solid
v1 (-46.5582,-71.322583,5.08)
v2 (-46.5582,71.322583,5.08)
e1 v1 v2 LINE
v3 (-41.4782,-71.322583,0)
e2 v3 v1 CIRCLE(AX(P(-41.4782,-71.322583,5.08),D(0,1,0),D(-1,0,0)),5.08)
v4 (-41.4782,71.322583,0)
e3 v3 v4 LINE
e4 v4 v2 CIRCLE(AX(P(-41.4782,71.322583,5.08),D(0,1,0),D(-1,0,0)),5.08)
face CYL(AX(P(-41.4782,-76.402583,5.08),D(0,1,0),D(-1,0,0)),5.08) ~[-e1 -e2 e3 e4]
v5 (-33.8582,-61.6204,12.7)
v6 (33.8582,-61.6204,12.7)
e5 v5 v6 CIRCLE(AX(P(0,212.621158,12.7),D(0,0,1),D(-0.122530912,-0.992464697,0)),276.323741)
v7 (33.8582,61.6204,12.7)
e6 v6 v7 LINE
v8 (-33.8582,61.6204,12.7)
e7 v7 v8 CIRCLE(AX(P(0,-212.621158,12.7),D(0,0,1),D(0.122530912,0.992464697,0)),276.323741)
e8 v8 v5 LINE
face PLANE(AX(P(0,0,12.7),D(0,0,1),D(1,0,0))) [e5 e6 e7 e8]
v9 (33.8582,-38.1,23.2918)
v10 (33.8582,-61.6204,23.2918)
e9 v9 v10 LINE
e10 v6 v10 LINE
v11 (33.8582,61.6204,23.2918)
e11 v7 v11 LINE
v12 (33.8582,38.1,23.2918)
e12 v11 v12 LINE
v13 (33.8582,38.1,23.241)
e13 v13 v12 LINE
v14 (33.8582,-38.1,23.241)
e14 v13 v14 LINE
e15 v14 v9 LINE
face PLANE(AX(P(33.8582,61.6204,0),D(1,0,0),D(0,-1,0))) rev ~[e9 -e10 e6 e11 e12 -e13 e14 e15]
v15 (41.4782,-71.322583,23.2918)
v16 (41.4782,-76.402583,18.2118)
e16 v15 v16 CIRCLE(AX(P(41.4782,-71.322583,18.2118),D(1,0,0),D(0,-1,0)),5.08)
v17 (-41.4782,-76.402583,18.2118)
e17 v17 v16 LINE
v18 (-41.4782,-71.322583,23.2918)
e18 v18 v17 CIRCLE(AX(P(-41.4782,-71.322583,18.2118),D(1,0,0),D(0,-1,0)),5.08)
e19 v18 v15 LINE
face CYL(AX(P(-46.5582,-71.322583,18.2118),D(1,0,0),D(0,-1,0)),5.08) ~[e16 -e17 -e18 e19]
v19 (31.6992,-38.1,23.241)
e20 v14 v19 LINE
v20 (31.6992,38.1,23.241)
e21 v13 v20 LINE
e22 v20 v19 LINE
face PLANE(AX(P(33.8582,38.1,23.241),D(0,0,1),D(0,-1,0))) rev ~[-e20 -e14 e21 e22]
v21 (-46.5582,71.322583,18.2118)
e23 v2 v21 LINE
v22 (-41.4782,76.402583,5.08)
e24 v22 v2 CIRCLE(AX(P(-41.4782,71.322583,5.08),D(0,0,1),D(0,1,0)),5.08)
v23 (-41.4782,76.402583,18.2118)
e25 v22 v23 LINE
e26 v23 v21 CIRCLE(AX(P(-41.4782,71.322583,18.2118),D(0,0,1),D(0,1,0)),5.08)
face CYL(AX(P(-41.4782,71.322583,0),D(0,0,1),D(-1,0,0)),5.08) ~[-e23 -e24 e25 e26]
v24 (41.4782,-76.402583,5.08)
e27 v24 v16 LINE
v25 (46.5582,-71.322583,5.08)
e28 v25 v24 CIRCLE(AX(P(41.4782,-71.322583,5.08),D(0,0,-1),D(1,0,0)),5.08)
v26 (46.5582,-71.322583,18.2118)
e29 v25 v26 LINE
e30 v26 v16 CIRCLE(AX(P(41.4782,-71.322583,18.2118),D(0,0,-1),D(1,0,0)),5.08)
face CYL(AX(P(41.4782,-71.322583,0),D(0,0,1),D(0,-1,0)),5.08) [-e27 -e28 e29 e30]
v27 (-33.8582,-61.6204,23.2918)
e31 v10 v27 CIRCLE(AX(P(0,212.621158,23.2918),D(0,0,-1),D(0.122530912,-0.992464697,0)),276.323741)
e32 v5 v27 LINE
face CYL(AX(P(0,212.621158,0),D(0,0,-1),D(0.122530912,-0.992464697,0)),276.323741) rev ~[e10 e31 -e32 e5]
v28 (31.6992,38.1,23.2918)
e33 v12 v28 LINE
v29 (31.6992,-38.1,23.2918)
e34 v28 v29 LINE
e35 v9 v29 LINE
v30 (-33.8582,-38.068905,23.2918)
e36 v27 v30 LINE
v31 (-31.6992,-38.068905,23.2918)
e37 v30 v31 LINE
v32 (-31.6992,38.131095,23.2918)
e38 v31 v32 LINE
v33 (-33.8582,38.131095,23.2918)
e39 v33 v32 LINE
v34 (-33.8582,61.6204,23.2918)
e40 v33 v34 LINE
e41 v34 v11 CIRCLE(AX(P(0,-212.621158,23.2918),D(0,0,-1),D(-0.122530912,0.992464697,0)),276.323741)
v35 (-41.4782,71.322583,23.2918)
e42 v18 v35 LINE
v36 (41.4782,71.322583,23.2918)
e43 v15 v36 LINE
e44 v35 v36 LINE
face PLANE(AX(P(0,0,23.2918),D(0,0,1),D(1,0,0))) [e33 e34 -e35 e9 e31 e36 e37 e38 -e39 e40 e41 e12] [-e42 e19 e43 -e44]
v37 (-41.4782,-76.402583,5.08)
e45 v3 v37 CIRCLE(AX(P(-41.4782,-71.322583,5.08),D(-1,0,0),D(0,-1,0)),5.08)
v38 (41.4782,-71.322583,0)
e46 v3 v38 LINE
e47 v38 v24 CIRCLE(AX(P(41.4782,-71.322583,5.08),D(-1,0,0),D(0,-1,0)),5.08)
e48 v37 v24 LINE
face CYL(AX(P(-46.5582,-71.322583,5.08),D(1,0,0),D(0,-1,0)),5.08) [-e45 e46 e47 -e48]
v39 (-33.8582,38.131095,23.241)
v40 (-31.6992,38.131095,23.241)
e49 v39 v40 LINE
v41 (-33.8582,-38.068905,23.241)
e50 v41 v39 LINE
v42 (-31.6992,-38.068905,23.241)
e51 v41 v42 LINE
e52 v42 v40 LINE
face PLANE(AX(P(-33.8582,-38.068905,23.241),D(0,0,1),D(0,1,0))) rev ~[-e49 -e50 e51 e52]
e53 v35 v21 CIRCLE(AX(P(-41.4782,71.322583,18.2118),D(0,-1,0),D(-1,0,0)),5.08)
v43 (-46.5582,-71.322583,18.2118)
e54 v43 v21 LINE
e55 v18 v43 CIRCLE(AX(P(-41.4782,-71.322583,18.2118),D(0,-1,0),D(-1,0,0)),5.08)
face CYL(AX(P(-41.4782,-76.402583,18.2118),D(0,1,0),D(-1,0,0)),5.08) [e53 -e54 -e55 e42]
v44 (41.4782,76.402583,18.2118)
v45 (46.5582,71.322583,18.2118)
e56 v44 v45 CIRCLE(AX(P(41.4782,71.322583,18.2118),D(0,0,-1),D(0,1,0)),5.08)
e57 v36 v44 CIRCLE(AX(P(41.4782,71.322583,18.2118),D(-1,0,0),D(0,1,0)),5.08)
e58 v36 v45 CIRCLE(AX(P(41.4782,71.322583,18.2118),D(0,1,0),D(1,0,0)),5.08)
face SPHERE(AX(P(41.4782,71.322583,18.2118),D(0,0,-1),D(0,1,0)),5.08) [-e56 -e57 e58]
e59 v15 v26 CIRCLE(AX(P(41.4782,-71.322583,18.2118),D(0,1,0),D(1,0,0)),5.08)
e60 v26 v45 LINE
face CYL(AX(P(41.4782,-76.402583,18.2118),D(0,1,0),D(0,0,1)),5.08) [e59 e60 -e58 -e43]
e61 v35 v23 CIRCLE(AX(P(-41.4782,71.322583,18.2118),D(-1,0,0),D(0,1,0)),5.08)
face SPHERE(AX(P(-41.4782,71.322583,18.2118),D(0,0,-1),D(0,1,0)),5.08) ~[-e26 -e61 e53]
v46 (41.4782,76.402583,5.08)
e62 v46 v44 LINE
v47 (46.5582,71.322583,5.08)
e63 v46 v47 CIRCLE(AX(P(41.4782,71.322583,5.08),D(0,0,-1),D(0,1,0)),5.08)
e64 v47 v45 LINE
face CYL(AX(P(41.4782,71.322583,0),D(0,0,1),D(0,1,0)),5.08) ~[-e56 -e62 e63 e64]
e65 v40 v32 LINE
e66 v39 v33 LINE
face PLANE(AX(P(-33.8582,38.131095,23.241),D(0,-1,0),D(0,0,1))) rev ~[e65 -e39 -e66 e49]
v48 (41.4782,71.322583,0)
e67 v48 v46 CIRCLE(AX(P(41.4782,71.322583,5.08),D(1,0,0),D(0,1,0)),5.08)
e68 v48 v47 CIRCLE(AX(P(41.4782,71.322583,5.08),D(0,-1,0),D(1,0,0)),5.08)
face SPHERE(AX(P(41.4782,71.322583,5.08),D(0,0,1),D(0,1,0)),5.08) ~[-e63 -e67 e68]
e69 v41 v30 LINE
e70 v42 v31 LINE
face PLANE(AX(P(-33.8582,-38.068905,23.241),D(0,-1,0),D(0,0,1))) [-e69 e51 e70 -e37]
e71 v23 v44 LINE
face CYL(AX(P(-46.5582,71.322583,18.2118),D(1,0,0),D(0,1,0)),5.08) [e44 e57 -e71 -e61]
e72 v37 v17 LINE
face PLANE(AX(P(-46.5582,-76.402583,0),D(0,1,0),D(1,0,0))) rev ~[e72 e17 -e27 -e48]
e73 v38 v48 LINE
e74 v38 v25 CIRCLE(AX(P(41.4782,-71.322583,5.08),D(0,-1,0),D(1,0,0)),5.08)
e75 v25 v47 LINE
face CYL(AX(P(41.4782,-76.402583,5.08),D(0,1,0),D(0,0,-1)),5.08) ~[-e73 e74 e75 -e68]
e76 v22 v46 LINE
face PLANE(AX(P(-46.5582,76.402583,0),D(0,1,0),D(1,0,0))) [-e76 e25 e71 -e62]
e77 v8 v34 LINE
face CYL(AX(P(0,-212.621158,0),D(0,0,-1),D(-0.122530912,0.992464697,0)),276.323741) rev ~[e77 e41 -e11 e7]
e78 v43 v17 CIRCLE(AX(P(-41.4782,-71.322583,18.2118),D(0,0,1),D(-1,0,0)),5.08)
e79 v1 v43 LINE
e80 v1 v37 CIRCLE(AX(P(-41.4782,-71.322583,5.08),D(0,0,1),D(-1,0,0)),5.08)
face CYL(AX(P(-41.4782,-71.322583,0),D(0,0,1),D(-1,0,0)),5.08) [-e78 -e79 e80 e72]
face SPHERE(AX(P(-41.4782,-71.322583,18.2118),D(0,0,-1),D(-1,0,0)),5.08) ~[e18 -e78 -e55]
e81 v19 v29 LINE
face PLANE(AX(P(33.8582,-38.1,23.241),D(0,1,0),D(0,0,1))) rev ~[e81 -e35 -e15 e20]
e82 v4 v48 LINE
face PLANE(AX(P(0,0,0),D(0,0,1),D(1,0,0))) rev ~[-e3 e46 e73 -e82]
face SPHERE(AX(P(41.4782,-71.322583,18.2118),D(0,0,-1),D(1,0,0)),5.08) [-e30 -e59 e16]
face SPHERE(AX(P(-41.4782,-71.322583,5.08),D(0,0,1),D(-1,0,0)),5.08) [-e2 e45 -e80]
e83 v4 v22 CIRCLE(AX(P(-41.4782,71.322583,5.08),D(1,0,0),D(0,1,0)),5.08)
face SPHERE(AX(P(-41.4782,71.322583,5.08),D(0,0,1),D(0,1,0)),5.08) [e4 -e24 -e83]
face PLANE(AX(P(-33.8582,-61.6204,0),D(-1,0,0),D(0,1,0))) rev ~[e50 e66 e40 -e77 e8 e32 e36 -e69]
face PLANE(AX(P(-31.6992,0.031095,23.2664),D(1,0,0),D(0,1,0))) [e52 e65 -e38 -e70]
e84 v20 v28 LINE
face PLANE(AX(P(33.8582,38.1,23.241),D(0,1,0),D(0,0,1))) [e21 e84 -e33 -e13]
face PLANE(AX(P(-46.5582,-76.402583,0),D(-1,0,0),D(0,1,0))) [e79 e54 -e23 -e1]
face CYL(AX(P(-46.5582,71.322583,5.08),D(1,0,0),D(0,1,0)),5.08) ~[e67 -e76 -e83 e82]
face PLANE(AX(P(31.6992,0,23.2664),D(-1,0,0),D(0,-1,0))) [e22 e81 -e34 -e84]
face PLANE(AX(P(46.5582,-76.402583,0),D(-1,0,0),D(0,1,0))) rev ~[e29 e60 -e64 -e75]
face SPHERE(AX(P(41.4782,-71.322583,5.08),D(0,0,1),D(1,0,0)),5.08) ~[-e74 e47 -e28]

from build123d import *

# Parameters (mm, degrees)
F1_DEPTH = 12.7
F0_W     = 93.1164
F0_H     = 152.805166
F2_DEPTH = 23.2918
F3_R     = 5.08
F4_W     = 76.2
F4_H     = 0.0508
F5_DEPTH = 2.159
F6_W     = 76.2
F6_H     = 0.0508
F7_DEPTH = 2.159


with BuildPart() as f1:
    # F0 (on Top) → F1 (new body)
    with BuildSketch(Plane.XY):
        with BuildLine():
            Line((33.8582, -61.6204), (33.8582, 61.6204))
            ThreePointArc((33.8582, 61.6204), (0, 63.702583), (-33.8582, 61.6204))
            Line((-33.8582, 61.6204), (-33.8582, -61.6204))
            ThreePointArc((-33.8582, -61.6204), (0, -63.702583), (33.8582, -61.6204))
        make_face()
    extrude(amount=F1_DEPTH)

    # F0 (on Top) → F2 (join)
    with BuildSketch(Plane.XY):
        Rectangle(F0_W, F0_H)
        with BuildLine():
            ThreePointArc((-33.8582, 61.6204), (0, 63.702583), (33.8582, 61.6204))
            Line((33.8582, 61.6204), (33.8582, -61.6204))
            ThreePointArc((33.8582, -61.6204), (0, -63.702583), (-33.8582, -61.6204))
            Line((-33.8582, -61.6204), (-33.8582, 61.6204))
        make_face(mode=Mode.SUBTRACT)
    extrude(amount=F2_DEPTH)

    # F3
    f3_edges = [f1.edges().sort_by_distance(p)[0] for p in [
        (46.5582, 76.402583, 11.6459),
        (-46.5582, 76.402583, 11.6459),
        (0, 76.402583, 0),
        (0, 76.402583, 23.2918),
        (46.5582, -76.402583, 11.6459),
        (46.5582, 0, 0),
        (46.5582, 0, 23.2918),
        (-46.5582, -76.402583, 11.6459),
        (-46.5582, 0, 0),
        (-46.5582, 0, 23.2918),
        (0, -76.402583, 0),
        (0, -76.402583, 23.2918),
    ]]
    fillet(f3_edges, radius=F3_R)

    # F4 (on face) → F5 (join)
    with BuildSketch(Plane.YZ.offset(-33.8582)):
        with Locations((0.031095, 23.2664)):
            Rectangle(F4_W, F4_H)
    extrude(amount=F5_DEPTH)

    # F6 (on face) → F7 (join)
    with BuildSketch(Plane(origin=(33.8582, 0, 0), x_dir=(0, -1, 0), z_dir=(-1, 0, 0))):
        with Locations((0, 23.2664)):
            Rectangle(F6_W, F6_H)
    extrude(amount=F7_DEPTH)


solid = f1.part
